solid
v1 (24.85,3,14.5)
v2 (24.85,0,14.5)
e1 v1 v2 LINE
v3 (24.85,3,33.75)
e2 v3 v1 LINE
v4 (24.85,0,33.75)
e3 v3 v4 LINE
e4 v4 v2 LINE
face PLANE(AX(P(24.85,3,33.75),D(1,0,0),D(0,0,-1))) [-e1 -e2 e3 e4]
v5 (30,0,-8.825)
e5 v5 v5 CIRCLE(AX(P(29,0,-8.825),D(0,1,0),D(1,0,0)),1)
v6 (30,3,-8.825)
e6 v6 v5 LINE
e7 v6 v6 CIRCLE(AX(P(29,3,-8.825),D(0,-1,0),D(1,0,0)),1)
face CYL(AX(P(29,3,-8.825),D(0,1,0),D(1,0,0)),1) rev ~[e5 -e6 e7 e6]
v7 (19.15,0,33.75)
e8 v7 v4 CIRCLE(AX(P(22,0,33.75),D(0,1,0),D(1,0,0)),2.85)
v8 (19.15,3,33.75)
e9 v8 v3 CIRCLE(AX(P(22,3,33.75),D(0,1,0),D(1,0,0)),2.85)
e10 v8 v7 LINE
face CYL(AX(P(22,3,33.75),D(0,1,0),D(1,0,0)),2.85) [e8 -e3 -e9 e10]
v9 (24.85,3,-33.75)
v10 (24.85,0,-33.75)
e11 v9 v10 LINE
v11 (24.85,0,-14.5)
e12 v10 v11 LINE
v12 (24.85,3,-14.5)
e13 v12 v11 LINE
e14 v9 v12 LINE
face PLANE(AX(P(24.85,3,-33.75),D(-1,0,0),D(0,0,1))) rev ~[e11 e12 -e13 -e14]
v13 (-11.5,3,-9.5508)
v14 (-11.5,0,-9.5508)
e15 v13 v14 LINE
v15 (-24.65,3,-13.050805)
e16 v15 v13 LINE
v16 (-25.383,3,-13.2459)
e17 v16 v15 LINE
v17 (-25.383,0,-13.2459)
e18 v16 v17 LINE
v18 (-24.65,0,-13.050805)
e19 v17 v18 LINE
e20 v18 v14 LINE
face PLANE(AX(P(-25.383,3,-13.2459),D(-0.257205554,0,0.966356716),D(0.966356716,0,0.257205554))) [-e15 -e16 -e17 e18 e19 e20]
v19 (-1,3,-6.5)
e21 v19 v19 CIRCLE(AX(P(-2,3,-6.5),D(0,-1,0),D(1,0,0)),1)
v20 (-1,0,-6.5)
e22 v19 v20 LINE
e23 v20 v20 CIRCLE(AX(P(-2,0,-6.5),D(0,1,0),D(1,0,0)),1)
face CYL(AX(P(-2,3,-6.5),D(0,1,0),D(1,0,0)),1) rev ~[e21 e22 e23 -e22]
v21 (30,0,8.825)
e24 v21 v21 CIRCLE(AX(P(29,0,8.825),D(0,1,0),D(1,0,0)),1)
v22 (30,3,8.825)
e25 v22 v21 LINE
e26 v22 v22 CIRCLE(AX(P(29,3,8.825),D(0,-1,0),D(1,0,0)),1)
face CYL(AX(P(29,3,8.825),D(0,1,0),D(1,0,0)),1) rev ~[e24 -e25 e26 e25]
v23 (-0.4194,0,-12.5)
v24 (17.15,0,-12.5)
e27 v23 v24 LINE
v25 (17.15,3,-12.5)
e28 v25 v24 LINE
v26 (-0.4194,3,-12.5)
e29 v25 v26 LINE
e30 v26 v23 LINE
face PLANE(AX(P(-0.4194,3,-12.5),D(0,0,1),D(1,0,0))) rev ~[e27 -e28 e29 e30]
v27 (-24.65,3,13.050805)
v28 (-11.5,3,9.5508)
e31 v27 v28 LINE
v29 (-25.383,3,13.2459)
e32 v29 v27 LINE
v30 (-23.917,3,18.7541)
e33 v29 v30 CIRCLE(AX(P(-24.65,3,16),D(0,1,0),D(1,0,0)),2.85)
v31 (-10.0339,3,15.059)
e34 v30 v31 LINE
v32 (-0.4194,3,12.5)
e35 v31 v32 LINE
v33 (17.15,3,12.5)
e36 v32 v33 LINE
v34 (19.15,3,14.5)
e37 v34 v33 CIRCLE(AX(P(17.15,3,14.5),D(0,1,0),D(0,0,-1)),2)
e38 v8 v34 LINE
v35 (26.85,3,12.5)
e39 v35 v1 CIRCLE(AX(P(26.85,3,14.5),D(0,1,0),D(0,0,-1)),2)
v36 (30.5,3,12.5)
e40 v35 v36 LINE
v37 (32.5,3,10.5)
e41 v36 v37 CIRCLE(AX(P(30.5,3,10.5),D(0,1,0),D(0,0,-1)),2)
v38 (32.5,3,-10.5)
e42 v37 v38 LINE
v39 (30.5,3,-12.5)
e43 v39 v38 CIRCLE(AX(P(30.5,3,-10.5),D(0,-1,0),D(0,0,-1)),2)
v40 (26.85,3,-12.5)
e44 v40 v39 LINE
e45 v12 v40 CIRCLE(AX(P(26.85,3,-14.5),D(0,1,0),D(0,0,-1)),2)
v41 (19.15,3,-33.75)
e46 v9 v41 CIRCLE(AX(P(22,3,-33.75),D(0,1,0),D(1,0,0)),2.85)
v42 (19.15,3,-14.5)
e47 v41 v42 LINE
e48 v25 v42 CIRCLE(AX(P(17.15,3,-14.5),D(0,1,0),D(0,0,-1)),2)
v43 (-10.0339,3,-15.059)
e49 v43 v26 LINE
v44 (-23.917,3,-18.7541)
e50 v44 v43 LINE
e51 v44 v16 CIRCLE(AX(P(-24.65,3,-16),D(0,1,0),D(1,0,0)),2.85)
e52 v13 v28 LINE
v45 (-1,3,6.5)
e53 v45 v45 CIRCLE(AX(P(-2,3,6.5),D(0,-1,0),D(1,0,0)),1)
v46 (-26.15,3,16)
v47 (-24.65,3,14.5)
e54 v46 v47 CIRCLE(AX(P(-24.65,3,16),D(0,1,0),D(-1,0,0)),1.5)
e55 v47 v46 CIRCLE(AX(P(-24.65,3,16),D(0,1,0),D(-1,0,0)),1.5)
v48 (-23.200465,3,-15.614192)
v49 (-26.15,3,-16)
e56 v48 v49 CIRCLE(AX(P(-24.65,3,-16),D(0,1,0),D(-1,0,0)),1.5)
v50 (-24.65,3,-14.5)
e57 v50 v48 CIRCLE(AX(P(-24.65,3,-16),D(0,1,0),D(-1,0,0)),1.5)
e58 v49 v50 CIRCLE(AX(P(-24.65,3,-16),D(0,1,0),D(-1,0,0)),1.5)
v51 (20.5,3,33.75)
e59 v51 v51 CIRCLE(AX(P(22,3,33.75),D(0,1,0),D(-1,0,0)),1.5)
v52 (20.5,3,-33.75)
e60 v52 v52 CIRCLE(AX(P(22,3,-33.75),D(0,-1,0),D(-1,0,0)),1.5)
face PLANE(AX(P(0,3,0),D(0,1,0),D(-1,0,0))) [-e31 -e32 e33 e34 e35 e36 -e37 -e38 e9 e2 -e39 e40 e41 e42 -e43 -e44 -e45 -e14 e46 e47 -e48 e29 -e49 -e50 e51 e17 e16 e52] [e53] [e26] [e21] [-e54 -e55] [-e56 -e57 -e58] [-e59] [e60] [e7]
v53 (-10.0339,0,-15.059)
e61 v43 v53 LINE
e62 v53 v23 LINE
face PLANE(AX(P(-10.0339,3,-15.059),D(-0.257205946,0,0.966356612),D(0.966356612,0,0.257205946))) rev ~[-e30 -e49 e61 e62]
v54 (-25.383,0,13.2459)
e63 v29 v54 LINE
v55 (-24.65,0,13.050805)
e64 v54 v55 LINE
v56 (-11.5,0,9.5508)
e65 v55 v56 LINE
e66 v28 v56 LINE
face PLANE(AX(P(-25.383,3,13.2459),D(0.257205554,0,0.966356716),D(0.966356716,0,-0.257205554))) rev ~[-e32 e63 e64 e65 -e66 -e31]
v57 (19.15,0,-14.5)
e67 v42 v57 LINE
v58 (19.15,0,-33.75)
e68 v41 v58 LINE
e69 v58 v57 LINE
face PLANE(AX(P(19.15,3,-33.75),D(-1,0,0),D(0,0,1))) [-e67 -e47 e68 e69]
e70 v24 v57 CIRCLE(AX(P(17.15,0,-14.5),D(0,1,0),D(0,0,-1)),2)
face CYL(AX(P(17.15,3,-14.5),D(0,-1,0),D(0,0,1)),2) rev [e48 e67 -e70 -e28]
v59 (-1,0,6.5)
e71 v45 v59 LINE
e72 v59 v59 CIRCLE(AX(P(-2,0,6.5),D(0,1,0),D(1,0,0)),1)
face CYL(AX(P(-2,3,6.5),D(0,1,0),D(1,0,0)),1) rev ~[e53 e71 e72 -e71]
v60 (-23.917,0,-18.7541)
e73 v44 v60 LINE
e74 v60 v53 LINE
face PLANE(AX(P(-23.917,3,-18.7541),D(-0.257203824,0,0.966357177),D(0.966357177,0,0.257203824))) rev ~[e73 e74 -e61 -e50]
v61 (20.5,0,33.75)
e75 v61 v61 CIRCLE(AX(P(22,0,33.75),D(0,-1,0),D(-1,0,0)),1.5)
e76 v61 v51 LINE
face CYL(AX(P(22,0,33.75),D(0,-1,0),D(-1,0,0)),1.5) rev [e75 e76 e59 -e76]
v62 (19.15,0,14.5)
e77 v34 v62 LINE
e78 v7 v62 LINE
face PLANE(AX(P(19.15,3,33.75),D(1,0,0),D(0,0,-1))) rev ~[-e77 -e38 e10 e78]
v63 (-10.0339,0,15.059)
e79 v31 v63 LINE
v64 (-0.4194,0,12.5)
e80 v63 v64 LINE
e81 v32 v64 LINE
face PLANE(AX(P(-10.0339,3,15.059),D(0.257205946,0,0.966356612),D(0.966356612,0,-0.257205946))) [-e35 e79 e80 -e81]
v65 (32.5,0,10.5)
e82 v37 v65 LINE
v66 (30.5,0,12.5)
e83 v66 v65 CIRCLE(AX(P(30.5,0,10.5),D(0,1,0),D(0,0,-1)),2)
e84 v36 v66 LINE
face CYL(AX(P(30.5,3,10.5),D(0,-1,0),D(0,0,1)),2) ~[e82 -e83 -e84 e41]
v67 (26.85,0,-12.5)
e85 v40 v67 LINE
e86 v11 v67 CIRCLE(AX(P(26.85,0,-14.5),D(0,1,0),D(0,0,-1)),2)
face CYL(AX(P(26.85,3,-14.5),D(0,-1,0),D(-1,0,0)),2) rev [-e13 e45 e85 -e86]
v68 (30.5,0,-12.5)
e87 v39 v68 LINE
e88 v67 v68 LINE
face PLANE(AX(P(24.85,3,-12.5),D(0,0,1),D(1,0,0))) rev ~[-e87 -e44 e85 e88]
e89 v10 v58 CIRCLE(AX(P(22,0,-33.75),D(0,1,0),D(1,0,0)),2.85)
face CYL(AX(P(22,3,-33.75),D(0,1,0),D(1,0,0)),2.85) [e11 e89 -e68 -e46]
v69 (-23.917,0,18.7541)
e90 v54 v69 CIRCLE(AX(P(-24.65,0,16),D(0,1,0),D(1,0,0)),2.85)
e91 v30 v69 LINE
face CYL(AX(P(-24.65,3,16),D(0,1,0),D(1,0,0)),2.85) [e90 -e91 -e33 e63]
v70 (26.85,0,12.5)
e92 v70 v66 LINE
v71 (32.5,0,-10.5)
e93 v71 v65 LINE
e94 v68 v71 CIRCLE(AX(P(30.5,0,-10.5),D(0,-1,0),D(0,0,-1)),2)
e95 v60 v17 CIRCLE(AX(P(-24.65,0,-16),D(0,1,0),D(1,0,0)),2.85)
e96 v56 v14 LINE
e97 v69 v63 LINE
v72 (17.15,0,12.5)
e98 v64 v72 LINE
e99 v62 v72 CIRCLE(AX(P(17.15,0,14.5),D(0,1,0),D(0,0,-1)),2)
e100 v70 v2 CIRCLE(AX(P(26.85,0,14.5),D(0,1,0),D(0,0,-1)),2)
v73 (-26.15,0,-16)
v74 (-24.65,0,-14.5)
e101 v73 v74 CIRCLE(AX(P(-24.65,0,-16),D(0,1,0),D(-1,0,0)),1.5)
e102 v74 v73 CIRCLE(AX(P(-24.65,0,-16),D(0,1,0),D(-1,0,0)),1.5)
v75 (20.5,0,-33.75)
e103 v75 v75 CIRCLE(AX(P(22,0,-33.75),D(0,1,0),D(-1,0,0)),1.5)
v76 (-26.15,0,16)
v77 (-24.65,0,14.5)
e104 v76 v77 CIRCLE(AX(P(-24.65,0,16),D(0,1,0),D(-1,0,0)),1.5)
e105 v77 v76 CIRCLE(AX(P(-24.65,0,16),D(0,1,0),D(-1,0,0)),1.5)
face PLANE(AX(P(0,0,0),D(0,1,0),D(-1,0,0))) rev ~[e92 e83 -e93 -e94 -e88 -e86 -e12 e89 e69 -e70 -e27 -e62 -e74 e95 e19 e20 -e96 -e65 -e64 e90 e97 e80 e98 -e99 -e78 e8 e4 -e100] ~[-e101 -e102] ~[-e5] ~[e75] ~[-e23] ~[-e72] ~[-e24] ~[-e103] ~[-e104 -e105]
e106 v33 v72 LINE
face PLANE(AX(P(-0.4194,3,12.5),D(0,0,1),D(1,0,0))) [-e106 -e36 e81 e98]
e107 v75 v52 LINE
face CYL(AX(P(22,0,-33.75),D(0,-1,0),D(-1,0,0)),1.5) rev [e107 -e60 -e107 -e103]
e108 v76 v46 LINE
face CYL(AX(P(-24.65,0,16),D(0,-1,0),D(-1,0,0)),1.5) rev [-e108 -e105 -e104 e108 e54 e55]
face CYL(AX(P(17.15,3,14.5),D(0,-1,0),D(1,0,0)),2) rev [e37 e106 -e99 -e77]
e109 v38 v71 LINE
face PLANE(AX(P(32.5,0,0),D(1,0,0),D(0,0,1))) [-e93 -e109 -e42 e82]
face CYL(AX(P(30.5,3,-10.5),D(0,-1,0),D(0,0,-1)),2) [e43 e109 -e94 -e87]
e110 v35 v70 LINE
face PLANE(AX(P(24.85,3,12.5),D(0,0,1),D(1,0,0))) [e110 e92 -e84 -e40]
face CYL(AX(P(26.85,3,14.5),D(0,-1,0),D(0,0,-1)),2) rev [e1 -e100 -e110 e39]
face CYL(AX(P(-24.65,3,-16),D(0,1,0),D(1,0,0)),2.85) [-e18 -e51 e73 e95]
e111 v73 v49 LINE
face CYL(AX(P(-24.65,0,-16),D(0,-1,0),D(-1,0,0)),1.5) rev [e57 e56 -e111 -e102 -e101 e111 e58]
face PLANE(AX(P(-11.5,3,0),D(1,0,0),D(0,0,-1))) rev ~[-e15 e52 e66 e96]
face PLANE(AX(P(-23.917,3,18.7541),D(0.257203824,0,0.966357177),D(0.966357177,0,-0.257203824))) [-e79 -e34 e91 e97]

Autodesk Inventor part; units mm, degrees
ref_plane "YZ Plane" through (0, 0, 0) normal (1, 0, 0) x (0, 1, 0)
ref_plane "XZ Plane" through (0, 0, 0) normal (0, 1, 0) x (-1, 0, 0)
sketch "Sketch1" plane through (0, 0, 0) normal (0, 1, 0) x (-1, 0, 0)
  line L0 (-29, 33.75) -> (29, 33.75)
  line L1 (29, 33.75) -> (29, -33.75)
  line L2 (29, -33.75) -> (-29, -33.75)
  line L3 (-29, -33.75) -> (-29, 33.75)
  line L4 (-29, 33.75) -> (29, -33.75) construction
  line L5 (29, 33.75) -> (-29, -33.75) construction
  line L6 (-32.5, 37.25) -> (32.5, 37.25)
  line L7 (32.5, -37.25) -> (-32.5, -37.25)
  line L8 (-32.5, -37.25) -> (-32.5, 37.25)
  line L9 (-32.5, 37.25) -> (32.5, -37.25) construction
  line L10 (32.5, 37.25) -> (-32.5, -37.25) construction
  line L11 (32.5, 37.25) -> (32.5, 5.9791)
  line L12 (32.5, -5.9791) -> (32.5, -37.25)
  line L13 (24.65, -1.5966) -> (24.65, -16)
  circle A0 centre (24.65, -16) radius 1.5
  arc A1 (32.5, 5.9791) -> (32.5, -5.9791) centre (33, 0) ccw
  line L14 (32.5, -5.9791) -> (32.5, 5.9791)
  line L15 (33, 0) -> (-32.5, 0)
  line L16 (24.65, -1.5966) -> (24.65, 16)
  circle A2 centre (24.65, 16) radius 1.5
  circle A3 centre (-22, -33.75) radius 1.5
  circle A4 centre (-22, 33.75) radius 1.5
  point P0 (0, 0)
  dimension "d1" = 58
  dimension "d3" = 3.5
  dimension "d31" = 67.5
  dimension "d32" = 3.5
  dimension "d34" = 3
  dimension "d57" = 51
  dimension "d61" = 46.65
  dimension "d62" = 16
ref_plane "Work Plane1" through (0, 3, 0) normal (0, 1, 0) x (1, 0, 0)
extrude "Extrusion4" add sketch "Sketch1" along normal blind 3 contours A4 L0 L3 L15 L8 L6 L11 A1 L1 | L0 L1 A1 L15 L3 A4 | A1 L1 L2 A3 L3 L15 | L3 L2 A3 L1 A1 L12 L7 L8 L15
sketch "Sketch3" plane through (0, 3, 0) normal (0, 1, 0) x (1, 0, 0)
  circle A0 centre (-24.65, 16) radius 1.5 projected
  circle A1 centre (-24.65, 16) radius 2.85
  circle A2 centre (22, 33.75) radius 1.5
  line L0 (32.5, -37.25) -> (32.5, 37.25) projected
  line L1 (32.5, 0) -> (-11.5, 0)
  line L2 (-11.5, 0) -> (-11.5, 12.5)
  line L3 (-11.5, 12.5) -> (32.5, 12.5)
  line L4 (32.5, 12.5) -> (32.5, 0)
  line L5 (32.5, 0) -> (32.5, 12.5)
  line L6 (32.5, 0) -> (29, 0)
  line L7 (29, 0) -> (29, 8.825)
  line L8 (29, 8.825) -> (-2, 8.825)
  line L9 (-2, 8.825) -> (-2, 0)
  circle A3 centre (29, 8.825) radius 1
  line L10 (-11.5, 0) -> (-11.5, -12.5)
  line L11 (-11.5, -12.5) -> (32.5, -12.5)
  line L12 (32.5, -12.5) -> (32.5, 0)
  line L13 (29, 0) -> (29, -8.825)
  line L14 (29, -8.825) -> (-2, -8.825)
  line L15 (-2, -8.825) -> (-2, 0)
  circle A4 centre (29, -8.825) radius 1
  line L16 (32.5, 26) -> (32.5, 12.5)
  line L17 (-24.65, 16) -> (-11.5, 12.5)
  line L18 (-25.383, 13.2459) -> (-11.5, 9.5508)
  line L19 (-23.917, 18.7541) -> (-10.0339, 15.059)
  line L20 (32.5, 26) -> (32.5, 12.5)
  line L21 (-10.0339, 15.059) -> (-0.4194, 12.5)
  circle A5 centre (-24.65, -16) radius 2.85
  line L22 (-24.65, -16) -> (-11.5, -12.5)
  line L23 (-25.383, -13.2459) -> (-11.5, -9.5508)
  line L24 (-23.917, -18.7541) -> (-10.0339, -15.059)
  line L25 (-10.0339, -15.059) -> (-0.4194, -12.5)
  circle A6 centre (22, 33.75) radius 2.85
  line L26 (32.5, 12.5) -> (15.5, 12.5)
  circle A7 centre (-2, 6.5) radius 1
  circle A8 centre (-2, -6.5) radius 1
  circle A9 centre (22, 33.75) radius 1.5 projected
  circle A10 centre (22, -33.75) radius 1.5
  circle A11 centre (22, -33.75) radius 2.85
  circle A12 centre (22, -33.75) radius 1.5
  line L27 (24.85, 33.75) -> (24.85, 12.5)
  line L28 (19.15, 33.75) -> (19.15, 12.5)
  line L29 (24.85, -33.75) -> (24.85, -12.5)
  line L30 (19.15, -33.75) -> (19.15, -12.5)
  point P0 (0, 0)
  point P1 (-23.917, 18.7541)
  point P2 (-11.5, -9.5508)
  point P3 (-23.917, -18.7541)
  point P4 (-0.4194, -12.5)
  point P5 (32.5, -12.5)
  point P6 (19.15, -12.5)
  point P7 (19.15, 12.5)
  dimension "d37" = 5.7
  dimension "d38" = 44
  dimension "d39" = 12.5
  dimension "d40" = 3.5
  dimension "d41" = 8.825
  dimension "d42" = 31
  dimension "d44" = 2
  dimension "d48" = 5.7
  dimension "d49" = 17
  dimension "d56" = 6.5
extrude "Extrusion6" cut sketch "Sketch3" against normal blind 44 contours A0 | A1 | A1 L19 L21 L3 L17 | L17 L2 L18 A1 | L3 L0 L1 L7 A3 L8 L9 A7 L2 | L1 L15 A8 L14 A4 L13 L0 L11 L10 | L9 A7 L8 A3 L7 L1 | L1 L13 A4 L14 L15 A8 | L10 L22 A5 L23 | L28 A6 L27 L3 | L11 L25 L24 A5 L22 | A5 | A6 | L11 L29 A11 L30 | A11 | A2 | A10 keep common part
fillet "Fillet3" radius 2 6 edges at (32.5, 1.5, 12.5) (32.5, 1.5, -12.5) (24.85, 1.5, 12.5) (19.15, 1.5, 12.5) (24.85, 1.5, -12.5) (19.15, 1.5, -12.5)
equation "\"d53\" = d38"
properties part number "base_c"
